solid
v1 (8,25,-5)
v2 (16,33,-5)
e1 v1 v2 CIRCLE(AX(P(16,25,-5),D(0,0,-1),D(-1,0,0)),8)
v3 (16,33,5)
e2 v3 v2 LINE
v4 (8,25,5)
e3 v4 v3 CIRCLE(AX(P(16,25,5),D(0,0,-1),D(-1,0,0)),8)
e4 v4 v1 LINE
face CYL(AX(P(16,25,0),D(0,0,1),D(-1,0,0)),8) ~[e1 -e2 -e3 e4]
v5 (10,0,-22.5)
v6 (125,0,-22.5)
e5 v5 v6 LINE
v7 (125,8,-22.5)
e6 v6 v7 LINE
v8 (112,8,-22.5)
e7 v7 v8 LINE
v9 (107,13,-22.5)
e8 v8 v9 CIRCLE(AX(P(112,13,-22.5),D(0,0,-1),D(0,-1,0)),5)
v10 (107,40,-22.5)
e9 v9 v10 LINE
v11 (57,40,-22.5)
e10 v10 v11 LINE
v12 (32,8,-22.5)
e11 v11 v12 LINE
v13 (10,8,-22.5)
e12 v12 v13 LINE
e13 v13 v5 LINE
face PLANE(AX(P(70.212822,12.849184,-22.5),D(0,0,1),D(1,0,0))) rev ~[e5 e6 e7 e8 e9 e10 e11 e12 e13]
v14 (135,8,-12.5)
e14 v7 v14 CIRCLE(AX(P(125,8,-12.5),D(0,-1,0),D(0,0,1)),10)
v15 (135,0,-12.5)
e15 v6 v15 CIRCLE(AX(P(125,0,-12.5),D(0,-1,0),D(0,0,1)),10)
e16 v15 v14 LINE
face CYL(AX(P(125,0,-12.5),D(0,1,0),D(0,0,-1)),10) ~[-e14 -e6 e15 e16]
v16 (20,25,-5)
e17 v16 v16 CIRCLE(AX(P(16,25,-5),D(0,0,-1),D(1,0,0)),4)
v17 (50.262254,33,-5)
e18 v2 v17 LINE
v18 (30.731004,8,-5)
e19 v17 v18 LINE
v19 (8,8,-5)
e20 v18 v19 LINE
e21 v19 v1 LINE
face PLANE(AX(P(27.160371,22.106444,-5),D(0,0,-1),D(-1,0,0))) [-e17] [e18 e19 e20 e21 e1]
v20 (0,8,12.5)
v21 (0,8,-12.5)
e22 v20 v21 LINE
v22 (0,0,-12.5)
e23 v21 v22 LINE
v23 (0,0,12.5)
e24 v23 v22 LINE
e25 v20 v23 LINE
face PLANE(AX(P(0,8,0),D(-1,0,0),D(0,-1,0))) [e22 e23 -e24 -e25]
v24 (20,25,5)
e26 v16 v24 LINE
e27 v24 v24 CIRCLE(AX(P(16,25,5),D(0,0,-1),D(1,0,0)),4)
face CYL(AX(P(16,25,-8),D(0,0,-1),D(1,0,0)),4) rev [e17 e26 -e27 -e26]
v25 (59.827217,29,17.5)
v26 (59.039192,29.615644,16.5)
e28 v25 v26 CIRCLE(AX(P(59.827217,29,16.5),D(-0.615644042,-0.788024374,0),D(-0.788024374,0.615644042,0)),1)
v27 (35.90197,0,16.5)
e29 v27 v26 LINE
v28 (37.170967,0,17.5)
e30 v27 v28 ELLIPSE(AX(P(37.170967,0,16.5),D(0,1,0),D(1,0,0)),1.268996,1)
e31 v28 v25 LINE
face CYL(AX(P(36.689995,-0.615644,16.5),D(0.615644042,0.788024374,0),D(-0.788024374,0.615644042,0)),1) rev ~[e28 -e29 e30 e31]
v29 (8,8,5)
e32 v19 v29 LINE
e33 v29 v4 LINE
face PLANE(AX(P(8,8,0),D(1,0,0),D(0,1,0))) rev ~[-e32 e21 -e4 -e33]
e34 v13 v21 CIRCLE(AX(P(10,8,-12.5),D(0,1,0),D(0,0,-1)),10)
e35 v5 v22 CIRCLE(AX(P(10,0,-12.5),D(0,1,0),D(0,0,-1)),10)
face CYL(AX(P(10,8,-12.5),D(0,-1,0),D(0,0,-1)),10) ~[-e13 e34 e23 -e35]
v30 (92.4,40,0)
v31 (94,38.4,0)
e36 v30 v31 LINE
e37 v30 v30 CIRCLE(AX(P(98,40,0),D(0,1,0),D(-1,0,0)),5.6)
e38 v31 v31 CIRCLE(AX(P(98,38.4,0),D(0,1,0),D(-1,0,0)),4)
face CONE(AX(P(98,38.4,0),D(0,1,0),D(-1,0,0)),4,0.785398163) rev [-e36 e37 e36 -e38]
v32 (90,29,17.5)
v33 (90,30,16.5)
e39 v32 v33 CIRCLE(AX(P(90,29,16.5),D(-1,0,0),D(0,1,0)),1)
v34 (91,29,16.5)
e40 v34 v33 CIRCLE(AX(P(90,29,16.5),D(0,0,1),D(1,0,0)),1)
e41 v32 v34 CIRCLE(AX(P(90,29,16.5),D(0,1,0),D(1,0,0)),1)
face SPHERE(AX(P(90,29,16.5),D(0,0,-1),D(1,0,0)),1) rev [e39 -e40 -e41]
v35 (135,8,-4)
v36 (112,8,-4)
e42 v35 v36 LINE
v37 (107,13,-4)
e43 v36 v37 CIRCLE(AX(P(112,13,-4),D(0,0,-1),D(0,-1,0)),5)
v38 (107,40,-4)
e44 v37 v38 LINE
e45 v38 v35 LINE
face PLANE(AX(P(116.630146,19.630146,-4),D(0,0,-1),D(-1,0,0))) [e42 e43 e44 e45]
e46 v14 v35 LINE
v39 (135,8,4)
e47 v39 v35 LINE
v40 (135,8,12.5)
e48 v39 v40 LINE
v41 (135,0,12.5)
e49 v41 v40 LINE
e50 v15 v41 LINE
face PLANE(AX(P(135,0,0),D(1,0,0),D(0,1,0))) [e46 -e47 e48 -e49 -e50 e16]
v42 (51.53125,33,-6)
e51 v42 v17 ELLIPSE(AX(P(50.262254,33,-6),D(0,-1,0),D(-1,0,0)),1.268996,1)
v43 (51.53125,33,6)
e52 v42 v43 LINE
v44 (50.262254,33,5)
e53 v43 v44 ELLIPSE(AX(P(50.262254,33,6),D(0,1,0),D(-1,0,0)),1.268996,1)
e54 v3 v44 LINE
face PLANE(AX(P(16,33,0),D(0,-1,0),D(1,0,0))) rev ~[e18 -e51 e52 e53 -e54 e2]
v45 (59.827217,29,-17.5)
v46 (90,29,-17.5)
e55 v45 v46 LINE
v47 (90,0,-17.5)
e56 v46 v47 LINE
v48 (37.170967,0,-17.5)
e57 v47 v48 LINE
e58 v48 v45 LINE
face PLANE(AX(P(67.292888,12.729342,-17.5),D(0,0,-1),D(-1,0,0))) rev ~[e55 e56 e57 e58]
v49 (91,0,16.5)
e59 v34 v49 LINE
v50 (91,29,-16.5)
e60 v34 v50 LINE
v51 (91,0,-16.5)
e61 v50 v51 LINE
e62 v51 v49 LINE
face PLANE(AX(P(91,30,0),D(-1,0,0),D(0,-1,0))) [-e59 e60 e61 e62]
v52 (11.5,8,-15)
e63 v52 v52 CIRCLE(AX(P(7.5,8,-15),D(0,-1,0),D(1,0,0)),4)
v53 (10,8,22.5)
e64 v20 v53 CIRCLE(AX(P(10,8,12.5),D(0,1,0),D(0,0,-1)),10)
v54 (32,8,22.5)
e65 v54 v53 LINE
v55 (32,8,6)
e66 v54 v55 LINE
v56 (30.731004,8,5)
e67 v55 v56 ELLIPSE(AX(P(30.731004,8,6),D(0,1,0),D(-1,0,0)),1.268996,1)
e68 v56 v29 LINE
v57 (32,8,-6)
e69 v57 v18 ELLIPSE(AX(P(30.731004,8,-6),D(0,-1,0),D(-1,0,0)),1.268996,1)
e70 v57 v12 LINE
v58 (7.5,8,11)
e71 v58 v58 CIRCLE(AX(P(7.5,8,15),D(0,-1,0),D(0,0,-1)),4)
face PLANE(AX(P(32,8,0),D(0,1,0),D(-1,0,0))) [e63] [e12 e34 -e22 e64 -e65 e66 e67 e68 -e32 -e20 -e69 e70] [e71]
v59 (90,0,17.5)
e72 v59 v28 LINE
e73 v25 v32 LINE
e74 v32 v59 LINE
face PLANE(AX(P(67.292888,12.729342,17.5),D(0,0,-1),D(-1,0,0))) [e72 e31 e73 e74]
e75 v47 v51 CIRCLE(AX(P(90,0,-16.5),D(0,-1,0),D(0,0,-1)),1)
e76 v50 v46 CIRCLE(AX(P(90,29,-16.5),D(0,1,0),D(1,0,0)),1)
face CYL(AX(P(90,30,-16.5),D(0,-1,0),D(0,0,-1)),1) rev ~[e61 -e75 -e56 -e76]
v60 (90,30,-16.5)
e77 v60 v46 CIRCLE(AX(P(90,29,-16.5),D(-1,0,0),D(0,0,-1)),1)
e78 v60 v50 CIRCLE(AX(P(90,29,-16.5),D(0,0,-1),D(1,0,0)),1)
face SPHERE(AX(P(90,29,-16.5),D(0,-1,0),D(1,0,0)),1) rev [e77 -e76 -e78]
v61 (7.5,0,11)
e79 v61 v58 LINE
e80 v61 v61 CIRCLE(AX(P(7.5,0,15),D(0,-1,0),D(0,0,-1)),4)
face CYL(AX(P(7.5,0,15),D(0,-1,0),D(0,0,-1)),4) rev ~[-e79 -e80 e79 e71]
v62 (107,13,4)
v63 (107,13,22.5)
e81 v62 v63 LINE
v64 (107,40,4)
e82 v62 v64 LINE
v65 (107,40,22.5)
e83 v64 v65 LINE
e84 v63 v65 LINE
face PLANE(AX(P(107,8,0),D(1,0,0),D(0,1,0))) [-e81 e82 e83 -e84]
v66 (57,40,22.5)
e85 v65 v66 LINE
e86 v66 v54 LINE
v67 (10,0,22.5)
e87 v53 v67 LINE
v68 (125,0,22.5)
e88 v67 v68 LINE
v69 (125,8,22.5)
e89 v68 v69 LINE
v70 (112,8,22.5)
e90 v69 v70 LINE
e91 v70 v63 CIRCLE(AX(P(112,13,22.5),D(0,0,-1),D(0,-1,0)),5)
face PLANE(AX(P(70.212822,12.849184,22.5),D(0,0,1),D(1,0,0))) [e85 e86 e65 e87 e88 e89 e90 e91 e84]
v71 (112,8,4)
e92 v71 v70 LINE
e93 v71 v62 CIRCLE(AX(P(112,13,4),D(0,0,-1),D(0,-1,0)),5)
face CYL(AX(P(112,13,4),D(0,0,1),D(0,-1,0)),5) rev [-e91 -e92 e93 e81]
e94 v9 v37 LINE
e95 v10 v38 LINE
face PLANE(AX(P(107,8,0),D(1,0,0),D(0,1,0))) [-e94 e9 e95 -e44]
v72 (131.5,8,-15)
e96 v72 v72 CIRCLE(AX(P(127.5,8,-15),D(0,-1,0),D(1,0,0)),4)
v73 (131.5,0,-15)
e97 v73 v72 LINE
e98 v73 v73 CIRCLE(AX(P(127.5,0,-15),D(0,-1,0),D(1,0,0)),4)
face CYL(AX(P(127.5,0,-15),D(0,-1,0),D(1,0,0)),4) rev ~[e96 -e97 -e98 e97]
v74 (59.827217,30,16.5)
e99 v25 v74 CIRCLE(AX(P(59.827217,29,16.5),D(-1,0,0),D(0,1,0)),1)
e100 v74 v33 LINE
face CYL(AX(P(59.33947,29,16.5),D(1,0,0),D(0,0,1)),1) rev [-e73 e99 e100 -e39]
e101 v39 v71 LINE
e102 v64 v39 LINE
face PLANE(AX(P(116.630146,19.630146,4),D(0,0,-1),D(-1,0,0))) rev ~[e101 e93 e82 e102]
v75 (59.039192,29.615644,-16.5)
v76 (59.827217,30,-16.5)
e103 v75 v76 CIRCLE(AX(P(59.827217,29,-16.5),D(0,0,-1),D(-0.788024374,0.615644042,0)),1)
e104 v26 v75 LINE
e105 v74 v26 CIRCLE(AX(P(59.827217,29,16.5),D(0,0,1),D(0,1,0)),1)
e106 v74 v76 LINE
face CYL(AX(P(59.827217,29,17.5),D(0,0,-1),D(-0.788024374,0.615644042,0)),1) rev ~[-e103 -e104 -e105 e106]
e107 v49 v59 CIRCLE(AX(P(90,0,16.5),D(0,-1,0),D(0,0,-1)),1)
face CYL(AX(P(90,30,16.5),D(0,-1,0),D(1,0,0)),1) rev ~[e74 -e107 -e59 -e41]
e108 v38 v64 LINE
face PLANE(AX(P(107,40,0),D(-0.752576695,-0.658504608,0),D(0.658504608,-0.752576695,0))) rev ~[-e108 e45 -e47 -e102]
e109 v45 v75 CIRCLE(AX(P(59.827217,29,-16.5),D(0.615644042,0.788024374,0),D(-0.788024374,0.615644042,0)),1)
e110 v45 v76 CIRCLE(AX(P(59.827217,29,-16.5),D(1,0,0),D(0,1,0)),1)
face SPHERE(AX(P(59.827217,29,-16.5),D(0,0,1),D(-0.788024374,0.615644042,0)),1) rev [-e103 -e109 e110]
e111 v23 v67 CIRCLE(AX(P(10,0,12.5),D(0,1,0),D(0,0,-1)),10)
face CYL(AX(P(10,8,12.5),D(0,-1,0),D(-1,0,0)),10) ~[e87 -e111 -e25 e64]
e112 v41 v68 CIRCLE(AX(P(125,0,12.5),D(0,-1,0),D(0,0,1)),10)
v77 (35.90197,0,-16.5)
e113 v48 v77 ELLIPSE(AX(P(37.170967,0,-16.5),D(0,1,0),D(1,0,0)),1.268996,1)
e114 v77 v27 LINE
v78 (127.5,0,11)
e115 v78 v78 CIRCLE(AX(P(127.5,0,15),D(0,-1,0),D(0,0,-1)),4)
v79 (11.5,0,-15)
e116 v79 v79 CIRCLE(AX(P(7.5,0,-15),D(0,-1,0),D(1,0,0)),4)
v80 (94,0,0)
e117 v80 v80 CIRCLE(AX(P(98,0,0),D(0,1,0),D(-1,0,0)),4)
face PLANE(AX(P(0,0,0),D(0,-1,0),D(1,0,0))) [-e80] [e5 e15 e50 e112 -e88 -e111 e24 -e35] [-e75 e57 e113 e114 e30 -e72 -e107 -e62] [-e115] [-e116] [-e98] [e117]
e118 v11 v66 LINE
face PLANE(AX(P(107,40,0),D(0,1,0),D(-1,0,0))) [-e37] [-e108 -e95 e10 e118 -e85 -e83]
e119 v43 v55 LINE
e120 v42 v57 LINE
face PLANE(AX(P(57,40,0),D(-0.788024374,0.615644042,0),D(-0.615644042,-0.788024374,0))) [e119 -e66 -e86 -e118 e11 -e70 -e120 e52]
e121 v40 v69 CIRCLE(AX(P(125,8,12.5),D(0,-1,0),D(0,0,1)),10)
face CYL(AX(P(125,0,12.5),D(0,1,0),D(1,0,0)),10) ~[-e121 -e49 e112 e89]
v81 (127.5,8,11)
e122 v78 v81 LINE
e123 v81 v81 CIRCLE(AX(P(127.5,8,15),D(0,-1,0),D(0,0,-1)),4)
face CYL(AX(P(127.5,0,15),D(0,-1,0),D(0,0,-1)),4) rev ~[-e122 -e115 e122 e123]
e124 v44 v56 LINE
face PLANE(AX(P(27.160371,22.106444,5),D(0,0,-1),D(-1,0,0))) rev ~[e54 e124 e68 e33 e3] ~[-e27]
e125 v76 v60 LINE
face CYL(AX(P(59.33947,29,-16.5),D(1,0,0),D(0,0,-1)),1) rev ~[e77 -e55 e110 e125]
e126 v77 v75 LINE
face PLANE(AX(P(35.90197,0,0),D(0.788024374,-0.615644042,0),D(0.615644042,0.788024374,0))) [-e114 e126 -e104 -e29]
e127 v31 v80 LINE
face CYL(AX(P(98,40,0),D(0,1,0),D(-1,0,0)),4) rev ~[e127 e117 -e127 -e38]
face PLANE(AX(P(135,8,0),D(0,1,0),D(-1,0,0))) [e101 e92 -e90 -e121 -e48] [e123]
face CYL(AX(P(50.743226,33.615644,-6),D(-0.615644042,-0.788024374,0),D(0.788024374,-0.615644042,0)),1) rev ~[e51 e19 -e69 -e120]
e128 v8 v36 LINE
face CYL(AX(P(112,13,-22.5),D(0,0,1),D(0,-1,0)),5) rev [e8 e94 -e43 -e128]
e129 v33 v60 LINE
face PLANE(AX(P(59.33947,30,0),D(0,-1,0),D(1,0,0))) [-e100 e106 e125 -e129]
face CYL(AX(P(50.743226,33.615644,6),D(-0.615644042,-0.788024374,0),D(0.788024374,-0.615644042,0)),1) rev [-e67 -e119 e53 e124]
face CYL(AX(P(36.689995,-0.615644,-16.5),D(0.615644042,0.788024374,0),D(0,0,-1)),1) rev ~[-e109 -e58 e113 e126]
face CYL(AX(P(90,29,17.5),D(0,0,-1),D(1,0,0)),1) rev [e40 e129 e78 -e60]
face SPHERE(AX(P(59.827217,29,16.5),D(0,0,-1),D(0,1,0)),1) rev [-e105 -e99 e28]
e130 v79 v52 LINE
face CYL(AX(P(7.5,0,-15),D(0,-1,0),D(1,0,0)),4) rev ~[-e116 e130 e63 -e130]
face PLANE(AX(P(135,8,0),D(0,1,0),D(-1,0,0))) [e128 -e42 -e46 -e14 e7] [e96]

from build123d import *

# Parameters (mm, degrees)
EXTRUDE_1_DEPTH          = 22.5
EXTRUDE_2_DEPTH          = 5
EXTRUDE_3_DEPTH          = 4
CUT_EXTRUDE_1_DEPTH      = 23
CUT_EXTRUDE_1_DEPTH_BACK = 8
SKETCH_2_4_R             = 4
CUT_EXTRUDE_2_DEPTH      = 17.5
FILLET_1_R               = 5
SKETCH_4_R               = 4
CUT_EXTRUDE_4_DEPTH      = 35
SKETCH_5_R               = 4
CUT_EXTRUDE_5_DEPTH      = 47
FILLET_2_R               = 10
FILLET_3_R               = 1
CHAMFER_1_SIZE           = 1.6


with BuildPart() as part:
    # Эскиз1 → Бобышка-Вытянуть1 (new, symmetric)
    with BuildSketch(Plane.XY):
        Polygon((0, 0), (135, 0), (135, 8), (107, 8), (107, 40), (57, 40), (32, 8), (0, 8), align=None)
    extrude(amount=EXTRUDE_1_DEPTH, both=True)

    # Эскиз2 → Бобышка-Вытянуть2 (add, symmetric)
    with BuildSketch(Plane.XY):
        with BuildLine():
            Line((8, 8), (8, 25))
            ThreePointArc((8, 25), (10.343145751, 30.656854249), (16, 33))
            Line((16, 33), (51.53125, 33))
            Line((51.53125, 33), (32, 8))
            Line((32, 8), (8, 8))
        make_face()
    extrude(amount=EXTRUDE_2_DEPTH, both=True)

    # Эскиз2<3> → Бобышка-Вытянуть3 (add, symmetric)
    with BuildSketch(Plane.XY):
        Polygon((107, 40), (135, 8), (107, 8), align=None)
    extrude(amount=EXTRUDE_3_DEPTH, both=True)

    # Эскиз2<4> → Вырез-Вытянуть1 (cut, two sides: drawn at the far end of the back side and taken through both)
    with BuildSketch(Plane.XY.offset(-CUT_EXTRUDE_1_DEPTH_BACK)):
        with Locations((16, 25)):
            Circle(SKETCH_2_4_R)
    extrude(amount=CUT_EXTRUDE_1_DEPTH + CUT_EXTRUDE_1_DEPTH_BACK, mode=Mode.SUBTRACT)

    # Эскиз3 → Вырез-Вытянуть2 (cut, symmetric)
    with BuildSketch(Plane.XY):
        Polygon((35.901970252, 0), (59.339470252, 30), (91, 30), (91, 0), align=None)
    extrude(amount=CUT_EXTRUDE_2_DEPTH, both=True, mode=Mode.SUBTRACT)

    # Скругление1
    fillet_1_edges = [part.edges().sort_by_distance(p)[0] for p in [
        (107, 8, 13.25),
        (107, 8, -13.25),
    ]]
    fillet(fillet_1_edges, radius=FILLET_1_R)

    # Эскиз4 → Вырез-Вытянуть4 (cut)
    with BuildSketch(Plane.XZ):
        with Locations((7.5, 15)):
            Circle(SKETCH_4_R)
        with Locations((7.5, -15)):
            Circle(SKETCH_4_R)
        with Locations((127.5, -15)):
            Circle(SKETCH_4_R)
        with Locations((127.5, 15)):
            Circle(SKETCH_4_R)
    extrude(amount=-CUT_EXTRUDE_4_DEPTH, mode=Mode.SUBTRACT)

    # Эскиз5 → Вырез-Вытянуть5 (cut)
    with BuildSketch(Plane(origin=(0, 40, 0), x_dir=(1, 0, 0), z_dir=(0, 1, 0))):
        with Locations((98, 0)):
            Circle(SKETCH_5_R)
    extrude(amount=-CUT_EXTRUDE_5_DEPTH, mode=Mode.SUBTRACT)

    # Скругление2
    fillet_2_edges = [part.edges().sort_by_distance(p)[0] for p in [
        (135, 4, -22.5),
        (135, 4, 22.5),
        (0, 4, -22.5),
        (0, 4, 22.5),
    ]]
    fillet(fillet_2_edges, radius=FILLET_2_R)

    # Скругление3
    fillet_3_edges = [part.edges().sort_by_distance(p)[0] for p in [
        (41.765625, 20.5, -5),
        (41.765625, 20.5, 5),
        (91, 15, 17.5),
        (47.620720252, 15, 17.5),
        (75.169735126, 30, 17.5),
        (59.339470252, 30, 0),
        (91, 30, 0),
        (91, 15, -17.5),
        (47.620720252, 15, -17.5),
        (75.169735126, 30, -17.5),
    ]]
    fillet(fillet_3_edges, radius=FILLET_3_R)

    # Фаска1
    chamfer_1_edges = [part.edges().sort_by_distance(p)[0] for p in [
        (94, 40, 0),
    ]]
    chamfer(chamfer_1_edges, length=CHAMFER_1_SIZE)


solid = part.part
